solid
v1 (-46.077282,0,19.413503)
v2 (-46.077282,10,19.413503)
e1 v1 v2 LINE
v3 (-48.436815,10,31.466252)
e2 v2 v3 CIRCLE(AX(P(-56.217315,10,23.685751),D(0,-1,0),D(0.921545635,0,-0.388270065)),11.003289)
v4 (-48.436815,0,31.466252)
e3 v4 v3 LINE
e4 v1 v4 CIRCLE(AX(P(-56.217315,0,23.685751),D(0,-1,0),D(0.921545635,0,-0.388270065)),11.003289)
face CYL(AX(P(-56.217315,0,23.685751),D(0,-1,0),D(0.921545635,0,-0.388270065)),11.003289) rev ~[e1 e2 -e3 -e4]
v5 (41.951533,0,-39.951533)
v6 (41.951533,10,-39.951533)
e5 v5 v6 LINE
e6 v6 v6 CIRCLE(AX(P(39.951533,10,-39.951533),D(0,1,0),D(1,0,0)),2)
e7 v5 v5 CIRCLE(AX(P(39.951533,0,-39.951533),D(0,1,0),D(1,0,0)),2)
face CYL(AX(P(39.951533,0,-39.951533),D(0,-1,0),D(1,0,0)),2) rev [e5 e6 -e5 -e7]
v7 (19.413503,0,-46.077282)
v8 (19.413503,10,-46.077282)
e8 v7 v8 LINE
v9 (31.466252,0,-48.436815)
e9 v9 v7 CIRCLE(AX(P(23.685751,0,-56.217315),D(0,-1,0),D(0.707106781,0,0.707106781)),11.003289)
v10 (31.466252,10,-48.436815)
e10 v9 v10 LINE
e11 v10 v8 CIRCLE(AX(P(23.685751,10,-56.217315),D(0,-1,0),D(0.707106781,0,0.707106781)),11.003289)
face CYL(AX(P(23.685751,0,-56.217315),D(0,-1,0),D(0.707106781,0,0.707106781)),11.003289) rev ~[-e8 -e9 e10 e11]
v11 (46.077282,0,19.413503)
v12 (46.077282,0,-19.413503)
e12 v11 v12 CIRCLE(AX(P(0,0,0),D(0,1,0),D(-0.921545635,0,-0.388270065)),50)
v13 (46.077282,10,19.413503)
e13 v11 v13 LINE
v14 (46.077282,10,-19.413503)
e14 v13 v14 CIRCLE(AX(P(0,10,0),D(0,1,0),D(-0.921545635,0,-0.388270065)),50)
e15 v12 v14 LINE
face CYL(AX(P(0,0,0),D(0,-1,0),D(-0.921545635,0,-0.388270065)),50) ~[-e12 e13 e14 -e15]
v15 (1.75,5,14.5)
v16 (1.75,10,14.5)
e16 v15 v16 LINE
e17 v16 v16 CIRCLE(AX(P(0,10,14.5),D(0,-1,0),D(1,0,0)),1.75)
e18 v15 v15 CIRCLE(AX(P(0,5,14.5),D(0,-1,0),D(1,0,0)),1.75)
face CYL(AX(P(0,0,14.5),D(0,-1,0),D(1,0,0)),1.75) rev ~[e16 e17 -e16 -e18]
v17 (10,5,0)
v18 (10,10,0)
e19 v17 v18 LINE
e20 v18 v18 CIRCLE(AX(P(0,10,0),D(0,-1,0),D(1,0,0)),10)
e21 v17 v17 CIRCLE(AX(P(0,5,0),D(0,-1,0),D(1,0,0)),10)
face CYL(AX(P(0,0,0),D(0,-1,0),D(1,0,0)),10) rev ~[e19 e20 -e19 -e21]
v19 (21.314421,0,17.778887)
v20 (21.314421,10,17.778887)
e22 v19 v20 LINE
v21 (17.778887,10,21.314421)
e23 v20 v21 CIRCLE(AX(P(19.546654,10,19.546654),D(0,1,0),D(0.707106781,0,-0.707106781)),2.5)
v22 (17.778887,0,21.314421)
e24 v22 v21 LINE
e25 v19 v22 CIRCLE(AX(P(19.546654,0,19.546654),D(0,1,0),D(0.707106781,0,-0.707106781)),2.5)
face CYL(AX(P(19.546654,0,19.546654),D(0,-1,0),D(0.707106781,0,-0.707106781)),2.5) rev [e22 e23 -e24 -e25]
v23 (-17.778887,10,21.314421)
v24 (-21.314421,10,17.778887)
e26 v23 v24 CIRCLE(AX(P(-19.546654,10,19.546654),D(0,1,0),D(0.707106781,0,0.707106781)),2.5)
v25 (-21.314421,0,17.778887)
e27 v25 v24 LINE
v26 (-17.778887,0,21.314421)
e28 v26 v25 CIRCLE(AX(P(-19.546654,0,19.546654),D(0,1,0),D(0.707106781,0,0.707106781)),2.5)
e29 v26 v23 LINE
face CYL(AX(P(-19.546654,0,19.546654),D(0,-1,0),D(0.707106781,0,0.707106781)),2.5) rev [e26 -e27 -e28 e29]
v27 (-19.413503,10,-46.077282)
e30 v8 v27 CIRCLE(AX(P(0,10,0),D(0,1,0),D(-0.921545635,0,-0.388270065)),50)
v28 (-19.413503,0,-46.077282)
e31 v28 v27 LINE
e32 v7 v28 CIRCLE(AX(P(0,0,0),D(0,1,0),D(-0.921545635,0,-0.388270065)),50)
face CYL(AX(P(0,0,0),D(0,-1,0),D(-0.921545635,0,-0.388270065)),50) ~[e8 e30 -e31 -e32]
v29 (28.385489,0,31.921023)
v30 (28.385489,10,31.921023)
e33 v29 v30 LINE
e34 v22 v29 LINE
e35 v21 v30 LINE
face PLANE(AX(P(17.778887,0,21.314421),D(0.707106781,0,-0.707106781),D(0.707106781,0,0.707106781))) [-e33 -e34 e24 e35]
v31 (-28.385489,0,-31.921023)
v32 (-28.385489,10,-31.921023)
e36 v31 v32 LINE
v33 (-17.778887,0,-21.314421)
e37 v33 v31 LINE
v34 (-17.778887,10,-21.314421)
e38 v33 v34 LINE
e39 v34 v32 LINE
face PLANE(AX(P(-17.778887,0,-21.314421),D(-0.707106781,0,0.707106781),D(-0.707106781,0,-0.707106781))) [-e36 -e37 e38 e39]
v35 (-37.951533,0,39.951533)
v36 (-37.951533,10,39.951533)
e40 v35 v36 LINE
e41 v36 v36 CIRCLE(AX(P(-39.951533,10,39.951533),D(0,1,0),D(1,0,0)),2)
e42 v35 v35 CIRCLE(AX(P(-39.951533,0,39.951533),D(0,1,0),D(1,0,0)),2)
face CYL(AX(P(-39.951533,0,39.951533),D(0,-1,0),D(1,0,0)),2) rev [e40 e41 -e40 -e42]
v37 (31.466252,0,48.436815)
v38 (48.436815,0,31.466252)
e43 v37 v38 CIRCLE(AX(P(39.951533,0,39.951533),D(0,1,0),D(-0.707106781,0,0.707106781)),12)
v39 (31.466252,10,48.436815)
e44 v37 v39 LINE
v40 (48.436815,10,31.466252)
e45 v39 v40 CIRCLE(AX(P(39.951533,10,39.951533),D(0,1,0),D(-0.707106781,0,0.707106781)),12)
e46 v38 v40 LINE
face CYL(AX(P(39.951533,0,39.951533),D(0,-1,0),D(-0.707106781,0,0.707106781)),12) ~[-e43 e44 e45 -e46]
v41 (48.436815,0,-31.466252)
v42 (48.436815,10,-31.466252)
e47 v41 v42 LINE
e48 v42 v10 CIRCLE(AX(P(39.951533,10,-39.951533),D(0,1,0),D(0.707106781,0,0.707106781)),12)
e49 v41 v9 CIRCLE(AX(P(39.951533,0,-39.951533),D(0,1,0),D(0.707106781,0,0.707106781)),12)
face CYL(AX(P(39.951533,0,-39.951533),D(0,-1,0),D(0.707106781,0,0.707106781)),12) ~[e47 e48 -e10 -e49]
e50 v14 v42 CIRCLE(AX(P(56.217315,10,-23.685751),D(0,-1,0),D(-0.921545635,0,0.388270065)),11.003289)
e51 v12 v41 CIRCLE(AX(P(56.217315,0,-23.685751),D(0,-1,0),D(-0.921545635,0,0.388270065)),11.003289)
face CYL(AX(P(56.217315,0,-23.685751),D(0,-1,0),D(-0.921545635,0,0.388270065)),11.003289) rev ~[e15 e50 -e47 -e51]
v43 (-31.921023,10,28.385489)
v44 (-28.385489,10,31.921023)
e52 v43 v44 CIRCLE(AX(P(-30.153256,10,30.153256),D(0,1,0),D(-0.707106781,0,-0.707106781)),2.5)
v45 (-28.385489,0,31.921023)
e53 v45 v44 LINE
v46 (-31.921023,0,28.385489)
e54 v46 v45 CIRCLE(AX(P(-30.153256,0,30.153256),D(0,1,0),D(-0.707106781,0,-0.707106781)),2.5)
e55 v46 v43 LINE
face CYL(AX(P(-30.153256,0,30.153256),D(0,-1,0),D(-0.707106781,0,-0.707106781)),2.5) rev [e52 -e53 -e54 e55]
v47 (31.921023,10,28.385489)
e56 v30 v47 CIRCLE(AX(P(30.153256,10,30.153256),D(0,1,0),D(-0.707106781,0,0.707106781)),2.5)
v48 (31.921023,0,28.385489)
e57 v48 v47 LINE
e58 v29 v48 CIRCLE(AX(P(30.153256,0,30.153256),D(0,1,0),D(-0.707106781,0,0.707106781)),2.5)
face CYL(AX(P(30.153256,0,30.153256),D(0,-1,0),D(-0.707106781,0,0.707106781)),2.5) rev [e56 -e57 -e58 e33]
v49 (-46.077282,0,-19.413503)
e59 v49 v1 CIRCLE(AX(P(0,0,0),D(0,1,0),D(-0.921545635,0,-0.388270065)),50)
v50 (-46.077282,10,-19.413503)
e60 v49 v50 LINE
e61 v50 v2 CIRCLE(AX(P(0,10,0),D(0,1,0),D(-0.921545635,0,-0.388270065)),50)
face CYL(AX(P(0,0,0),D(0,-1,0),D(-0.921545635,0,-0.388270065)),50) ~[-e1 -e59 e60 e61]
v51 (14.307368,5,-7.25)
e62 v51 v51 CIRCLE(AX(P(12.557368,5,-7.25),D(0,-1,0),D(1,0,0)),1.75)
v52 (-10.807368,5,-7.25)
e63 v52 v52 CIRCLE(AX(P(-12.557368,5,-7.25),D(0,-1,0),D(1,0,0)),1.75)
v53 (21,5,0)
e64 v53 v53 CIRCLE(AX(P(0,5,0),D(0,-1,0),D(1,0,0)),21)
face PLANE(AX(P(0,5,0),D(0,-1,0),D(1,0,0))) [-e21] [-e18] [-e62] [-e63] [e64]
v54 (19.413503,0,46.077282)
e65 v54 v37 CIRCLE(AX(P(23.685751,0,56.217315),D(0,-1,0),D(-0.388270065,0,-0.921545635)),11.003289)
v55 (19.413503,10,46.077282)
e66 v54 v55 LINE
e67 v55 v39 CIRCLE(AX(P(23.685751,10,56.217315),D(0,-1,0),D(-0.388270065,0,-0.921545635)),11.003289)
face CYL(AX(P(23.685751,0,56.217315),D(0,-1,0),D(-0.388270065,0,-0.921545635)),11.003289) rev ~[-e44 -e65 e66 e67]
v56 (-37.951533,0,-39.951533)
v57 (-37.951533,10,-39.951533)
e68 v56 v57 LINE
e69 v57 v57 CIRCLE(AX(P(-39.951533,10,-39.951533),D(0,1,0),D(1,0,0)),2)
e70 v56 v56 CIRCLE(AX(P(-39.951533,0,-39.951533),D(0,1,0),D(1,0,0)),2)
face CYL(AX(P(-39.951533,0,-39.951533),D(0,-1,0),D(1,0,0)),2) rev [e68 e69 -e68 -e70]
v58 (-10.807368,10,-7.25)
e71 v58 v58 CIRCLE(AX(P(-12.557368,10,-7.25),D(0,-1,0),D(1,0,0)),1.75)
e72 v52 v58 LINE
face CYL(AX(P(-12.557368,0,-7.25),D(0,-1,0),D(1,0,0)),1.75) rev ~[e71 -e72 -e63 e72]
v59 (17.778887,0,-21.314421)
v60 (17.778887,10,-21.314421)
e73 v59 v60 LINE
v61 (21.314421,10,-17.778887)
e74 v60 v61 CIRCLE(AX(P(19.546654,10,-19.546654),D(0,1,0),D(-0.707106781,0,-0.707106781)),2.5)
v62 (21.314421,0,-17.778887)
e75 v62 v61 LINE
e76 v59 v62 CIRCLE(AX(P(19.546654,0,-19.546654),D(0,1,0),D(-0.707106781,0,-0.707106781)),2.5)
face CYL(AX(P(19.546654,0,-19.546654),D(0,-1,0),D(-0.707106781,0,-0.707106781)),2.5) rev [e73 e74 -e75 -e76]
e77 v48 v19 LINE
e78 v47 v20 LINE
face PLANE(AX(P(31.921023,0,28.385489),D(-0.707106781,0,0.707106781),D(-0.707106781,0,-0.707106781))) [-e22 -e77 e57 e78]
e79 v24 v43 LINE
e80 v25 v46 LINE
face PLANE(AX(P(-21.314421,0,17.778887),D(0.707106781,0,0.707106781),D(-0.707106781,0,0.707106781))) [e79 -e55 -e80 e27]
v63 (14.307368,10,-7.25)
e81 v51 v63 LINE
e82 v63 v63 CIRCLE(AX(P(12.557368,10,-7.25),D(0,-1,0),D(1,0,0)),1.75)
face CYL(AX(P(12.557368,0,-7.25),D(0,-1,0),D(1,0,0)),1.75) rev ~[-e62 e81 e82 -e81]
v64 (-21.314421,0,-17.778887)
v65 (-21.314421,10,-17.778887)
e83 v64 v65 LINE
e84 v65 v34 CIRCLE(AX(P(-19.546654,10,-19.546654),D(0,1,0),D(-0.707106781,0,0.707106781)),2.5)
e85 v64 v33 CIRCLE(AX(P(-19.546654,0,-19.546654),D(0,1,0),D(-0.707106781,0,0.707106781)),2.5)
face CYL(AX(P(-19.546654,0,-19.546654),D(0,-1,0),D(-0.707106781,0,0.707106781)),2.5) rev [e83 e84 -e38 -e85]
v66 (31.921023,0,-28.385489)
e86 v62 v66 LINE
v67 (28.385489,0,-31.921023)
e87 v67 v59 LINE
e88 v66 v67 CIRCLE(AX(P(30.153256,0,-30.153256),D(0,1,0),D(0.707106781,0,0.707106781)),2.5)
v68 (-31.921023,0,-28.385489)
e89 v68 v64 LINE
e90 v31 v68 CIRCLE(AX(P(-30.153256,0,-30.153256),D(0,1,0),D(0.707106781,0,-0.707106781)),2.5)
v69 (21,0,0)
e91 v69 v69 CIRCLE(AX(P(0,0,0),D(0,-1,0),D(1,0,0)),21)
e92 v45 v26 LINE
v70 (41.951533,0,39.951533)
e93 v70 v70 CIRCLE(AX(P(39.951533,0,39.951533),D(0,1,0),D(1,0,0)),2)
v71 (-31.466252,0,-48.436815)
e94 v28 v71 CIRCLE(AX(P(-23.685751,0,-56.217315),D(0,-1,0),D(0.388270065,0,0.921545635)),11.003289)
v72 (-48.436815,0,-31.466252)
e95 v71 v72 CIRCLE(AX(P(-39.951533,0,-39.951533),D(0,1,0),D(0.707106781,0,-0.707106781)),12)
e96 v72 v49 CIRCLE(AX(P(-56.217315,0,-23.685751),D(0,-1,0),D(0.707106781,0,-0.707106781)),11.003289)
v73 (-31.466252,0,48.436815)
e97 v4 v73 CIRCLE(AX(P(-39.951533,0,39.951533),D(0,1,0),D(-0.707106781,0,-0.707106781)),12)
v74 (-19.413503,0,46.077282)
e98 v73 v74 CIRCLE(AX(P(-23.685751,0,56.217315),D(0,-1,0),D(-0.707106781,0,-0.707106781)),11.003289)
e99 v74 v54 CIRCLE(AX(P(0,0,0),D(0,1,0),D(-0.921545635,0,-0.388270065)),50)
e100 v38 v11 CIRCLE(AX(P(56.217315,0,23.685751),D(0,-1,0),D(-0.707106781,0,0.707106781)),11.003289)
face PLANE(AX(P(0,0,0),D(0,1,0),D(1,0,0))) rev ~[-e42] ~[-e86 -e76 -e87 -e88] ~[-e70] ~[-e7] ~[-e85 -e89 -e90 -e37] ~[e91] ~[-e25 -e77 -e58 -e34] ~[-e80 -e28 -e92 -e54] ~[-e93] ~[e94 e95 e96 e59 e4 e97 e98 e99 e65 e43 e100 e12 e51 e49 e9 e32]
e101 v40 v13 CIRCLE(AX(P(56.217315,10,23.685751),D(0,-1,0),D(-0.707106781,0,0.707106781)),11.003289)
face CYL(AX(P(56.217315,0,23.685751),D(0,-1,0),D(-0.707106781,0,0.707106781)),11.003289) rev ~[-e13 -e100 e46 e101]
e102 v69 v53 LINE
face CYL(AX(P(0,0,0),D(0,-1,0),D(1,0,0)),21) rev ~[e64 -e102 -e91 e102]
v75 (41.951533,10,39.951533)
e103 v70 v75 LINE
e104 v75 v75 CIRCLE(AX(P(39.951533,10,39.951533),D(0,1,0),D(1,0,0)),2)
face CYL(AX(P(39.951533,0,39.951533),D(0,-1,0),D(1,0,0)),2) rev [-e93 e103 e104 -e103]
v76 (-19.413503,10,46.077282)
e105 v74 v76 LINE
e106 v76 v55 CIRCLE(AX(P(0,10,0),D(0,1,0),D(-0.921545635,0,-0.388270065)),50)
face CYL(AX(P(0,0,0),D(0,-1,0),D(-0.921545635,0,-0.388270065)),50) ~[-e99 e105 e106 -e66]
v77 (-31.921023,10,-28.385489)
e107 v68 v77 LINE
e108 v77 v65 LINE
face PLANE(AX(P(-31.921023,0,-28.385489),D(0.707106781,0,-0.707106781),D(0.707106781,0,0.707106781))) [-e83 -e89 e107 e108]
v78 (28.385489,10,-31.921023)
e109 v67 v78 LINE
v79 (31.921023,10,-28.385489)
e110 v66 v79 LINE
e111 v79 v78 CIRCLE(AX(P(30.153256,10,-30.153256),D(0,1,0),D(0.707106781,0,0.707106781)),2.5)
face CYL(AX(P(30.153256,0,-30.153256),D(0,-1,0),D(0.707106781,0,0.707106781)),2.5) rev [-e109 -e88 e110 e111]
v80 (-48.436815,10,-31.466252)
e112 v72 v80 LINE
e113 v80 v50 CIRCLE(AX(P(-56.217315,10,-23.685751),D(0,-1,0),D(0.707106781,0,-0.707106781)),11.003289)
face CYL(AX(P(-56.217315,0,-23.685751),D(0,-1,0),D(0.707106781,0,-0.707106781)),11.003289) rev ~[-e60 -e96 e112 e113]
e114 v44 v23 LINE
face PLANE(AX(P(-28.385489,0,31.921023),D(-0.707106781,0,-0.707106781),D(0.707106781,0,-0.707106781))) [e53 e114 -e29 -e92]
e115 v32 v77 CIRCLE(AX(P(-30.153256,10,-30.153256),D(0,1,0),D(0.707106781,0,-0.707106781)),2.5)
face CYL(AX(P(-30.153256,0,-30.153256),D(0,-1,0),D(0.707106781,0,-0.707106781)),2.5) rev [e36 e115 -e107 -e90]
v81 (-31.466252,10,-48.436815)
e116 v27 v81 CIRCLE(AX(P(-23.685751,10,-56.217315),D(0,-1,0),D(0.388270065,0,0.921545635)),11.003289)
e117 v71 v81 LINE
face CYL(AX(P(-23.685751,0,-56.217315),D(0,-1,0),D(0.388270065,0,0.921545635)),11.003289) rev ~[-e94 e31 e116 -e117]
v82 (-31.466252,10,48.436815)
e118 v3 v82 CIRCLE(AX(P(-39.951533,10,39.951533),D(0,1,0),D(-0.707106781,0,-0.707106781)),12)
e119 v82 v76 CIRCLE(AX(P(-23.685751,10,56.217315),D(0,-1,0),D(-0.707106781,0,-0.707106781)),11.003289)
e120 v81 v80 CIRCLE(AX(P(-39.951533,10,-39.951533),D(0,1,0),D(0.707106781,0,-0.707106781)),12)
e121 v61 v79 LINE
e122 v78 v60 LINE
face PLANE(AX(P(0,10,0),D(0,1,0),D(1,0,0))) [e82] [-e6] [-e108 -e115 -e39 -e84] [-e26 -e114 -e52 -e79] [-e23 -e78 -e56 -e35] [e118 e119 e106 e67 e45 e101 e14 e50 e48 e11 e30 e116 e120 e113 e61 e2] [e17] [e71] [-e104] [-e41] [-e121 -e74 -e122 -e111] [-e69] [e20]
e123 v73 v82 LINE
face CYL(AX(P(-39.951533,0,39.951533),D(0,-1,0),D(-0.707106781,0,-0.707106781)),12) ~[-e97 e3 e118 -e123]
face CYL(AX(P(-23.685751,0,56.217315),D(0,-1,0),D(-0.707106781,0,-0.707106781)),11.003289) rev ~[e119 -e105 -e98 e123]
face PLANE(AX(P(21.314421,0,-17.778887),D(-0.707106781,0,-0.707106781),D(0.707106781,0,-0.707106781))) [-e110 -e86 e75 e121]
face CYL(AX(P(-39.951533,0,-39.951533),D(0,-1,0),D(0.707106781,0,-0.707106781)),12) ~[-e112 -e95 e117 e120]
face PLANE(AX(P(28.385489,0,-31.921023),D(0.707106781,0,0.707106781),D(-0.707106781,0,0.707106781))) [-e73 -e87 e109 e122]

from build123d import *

# Parameters (mm, degrees)
SKETCH1_R           = 2
BOSS_EXTRUDE1_DEPTH = 10
SKETCH3_R           = 21
CUT_EXTRUDE2_DEPTH  = 5
SKETCH3_4_R         = 1.75
CUT_EXTRUDE3_DEPTH  = 75.1479844
SKETCH3_5_R         = 10
CUT_EXTRUDE4_DEPTH  = 75.1479844


with BuildPart() as part:
    # Sketch1 → Boss-Extrude1 (new body)
    with BuildSketch(Plane(origin=(0, 0, 0), x_dir=(1, 0, 0), z_dir=(0, 1, 0))):
        with BuildLine():
            ThreePointArc((46.077281732, -19.413503243), (50, 0), (46.077281732, 19.413503243))
            ThreePointArc((46.077281732, 19.413503243), (45.41900176, 25.799706685), (48.436814511, 31.466251763))
            ThreePointArc((48.436814511, 31.466251763), (48.436814511, 48.436814511), (31.466251763, 48.436814511))
            ThreePointArc((31.466251763, 48.436814511), (25.799706685, 45.41900176), (19.413503243, 46.077281732))
            ThreePointArc((19.413503243, 46.077281732), (0, 50), (-19.413503243, 46.077281732))
            ThreePointArc((-19.413503243, 46.077281732), (-25.799706685, 45.41900176), (-31.466251763, 48.436814511))
            ThreePointArc((-31.466251763, 48.436814511), (-48.436814511, 48.436814511), (-48.436814511, 31.466251763))
            ThreePointArc((-48.436814511, 31.466251763), (-45.41900176, 25.799706685), (-46.077281732, 19.413503243))
            ThreePointArc((-46.077281732, 19.413503243), (-50, 0), (-46.077281732, -19.413503243))
            ThreePointArc((-46.077281732, -19.413503243), (-45.41900176, -25.799706685), (-48.436814511, -31.466251763))
            ThreePointArc((-48.436814511, -31.466251763), (-48.436814511, -48.436814511), (-31.466251763, -48.436814511))
            ThreePointArc((-31.466251763, -48.436814511), (-25.799706685, -45.41900176), (-19.413503243, -46.077281732))
            ThreePointArc((-19.413503243, -46.077281732), (0, -50), (19.413503243, -46.077281732))
            ThreePointArc((19.413503243, -46.077281732), (25.799706685, -45.41900176), (31.466251763, -48.436814511))
            ThreePointArc((31.466251763, -48.436814511), (48.436814511, -48.436814511), (48.436814511, -31.466251763))
            ThreePointArc((48.436814511, -31.466251763), (45.41900176, -25.799706685), (46.077281732, -19.413503243))
        make_face()
        with BuildLine():
            Line((-31.921022838, -28.385488932), (-21.31442112, -17.778887214))
            ThreePointArc((-21.31442112, -17.778887214), (-17.778887214, -17.778887214), (-17.778887214, -21.31442112))
            Line((-17.778887214, -21.31442112), (-28.385488932, -31.921022838))
            ThreePointArc((-28.385488932, -31.921022838), (-31.921022838, -31.921022838), (-31.921022838, -28.385488932))
        make_face(mode=Mode.SUBTRACT)
        with BuildLine():
            Line((28.385488932, -31.921022838), (17.778887214, -21.31442112))
            ThreePointArc((17.778887214, -21.31442112), (17.778887214, -17.778887214), (21.31442112, -17.778887214))
            Line((21.31442112, -17.778887214), (31.921022838, -28.385488932))
            ThreePointArc((31.921022838, -28.385488932), (31.921022838, -31.921022838), (28.385488932, -31.921022838))
        make_face(mode=Mode.SUBTRACT)
        with BuildLine():
            Line((-28.385488932, 31.921022838), (-17.778887214, 21.31442112))
            ThreePointArc((-17.778887214, 21.31442112), (-17.778887214, 17.778887214), (-21.31442112, 17.778887214))
            Line((-21.31442112, 17.778887214), (-31.921022838, 28.385488932))
            ThreePointArc((-31.921022838, 28.385488932), (-31.921022838, 31.921022838), (-28.385488932, 31.921022838))
        make_face(mode=Mode.SUBTRACT)
        with BuildLine():
            ThreePointArc((21.31442112, 17.778887214), (17.778887214, 17.778887214), (17.778887214, 21.31442112))
            Line((17.778887214, 21.31442112), (28.385488932, 31.921022838))
            ThreePointArc((28.385488932, 31.921022838), (31.921022838, 31.921022838), (31.921022838, 28.385488932))
            Line((31.921022838, 28.385488932), (21.31442112, 17.778887214))
        make_face(mode=Mode.SUBTRACT)
        with Locations((39.951533137, -39.951533137)):
            Circle(SKETCH1_R, mode=Mode.SUBTRACT)
        with Locations((-39.951533137, -39.951533137)):
            Circle(SKETCH1_R, mode=Mode.SUBTRACT)
        with Locations((-39.951533137, 39.951533137)):
            Circle(SKETCH1_R, mode=Mode.SUBTRACT)
        with Locations((39.951533137, 39.951533137)):
            Circle(SKETCH1_R, mode=Mode.SUBTRACT)
    extrude(amount=BOSS_EXTRUDE1_DEPTH)

    # Sketch3 → Cut-Extrude2 (cut)
    with BuildSketch(Plane.XZ):
        Circle(SKETCH3_R)
    extrude(amount=-CUT_EXTRUDE2_DEPTH, mode=Mode.SUBTRACT)

    # Sketch3<4> → Cut-Extrude3 (cut, through all)
    with BuildSketch(Plane.XZ):
        with Locations((0, 14.5)):
            Circle(SKETCH3_4_R)
        with Locations((12.557368355, -7.25)):
            Circle(SKETCH3_4_R)
        with Locations((-12.557368355, -7.25)):
            Circle(SKETCH3_4_R)
    extrude(amount=-CUT_EXTRUDE3_DEPTH, mode=Mode.SUBTRACT)

    # Sketch3<5> → Cut-Extrude4 (cut, through all)
    with BuildSketch(Plane.XZ):
        Circle(SKETCH3_5_R)
    extrude(amount=-CUT_EXTRUDE4_DEPTH, mode=Mode.SUBTRACT)


solid = part.part
